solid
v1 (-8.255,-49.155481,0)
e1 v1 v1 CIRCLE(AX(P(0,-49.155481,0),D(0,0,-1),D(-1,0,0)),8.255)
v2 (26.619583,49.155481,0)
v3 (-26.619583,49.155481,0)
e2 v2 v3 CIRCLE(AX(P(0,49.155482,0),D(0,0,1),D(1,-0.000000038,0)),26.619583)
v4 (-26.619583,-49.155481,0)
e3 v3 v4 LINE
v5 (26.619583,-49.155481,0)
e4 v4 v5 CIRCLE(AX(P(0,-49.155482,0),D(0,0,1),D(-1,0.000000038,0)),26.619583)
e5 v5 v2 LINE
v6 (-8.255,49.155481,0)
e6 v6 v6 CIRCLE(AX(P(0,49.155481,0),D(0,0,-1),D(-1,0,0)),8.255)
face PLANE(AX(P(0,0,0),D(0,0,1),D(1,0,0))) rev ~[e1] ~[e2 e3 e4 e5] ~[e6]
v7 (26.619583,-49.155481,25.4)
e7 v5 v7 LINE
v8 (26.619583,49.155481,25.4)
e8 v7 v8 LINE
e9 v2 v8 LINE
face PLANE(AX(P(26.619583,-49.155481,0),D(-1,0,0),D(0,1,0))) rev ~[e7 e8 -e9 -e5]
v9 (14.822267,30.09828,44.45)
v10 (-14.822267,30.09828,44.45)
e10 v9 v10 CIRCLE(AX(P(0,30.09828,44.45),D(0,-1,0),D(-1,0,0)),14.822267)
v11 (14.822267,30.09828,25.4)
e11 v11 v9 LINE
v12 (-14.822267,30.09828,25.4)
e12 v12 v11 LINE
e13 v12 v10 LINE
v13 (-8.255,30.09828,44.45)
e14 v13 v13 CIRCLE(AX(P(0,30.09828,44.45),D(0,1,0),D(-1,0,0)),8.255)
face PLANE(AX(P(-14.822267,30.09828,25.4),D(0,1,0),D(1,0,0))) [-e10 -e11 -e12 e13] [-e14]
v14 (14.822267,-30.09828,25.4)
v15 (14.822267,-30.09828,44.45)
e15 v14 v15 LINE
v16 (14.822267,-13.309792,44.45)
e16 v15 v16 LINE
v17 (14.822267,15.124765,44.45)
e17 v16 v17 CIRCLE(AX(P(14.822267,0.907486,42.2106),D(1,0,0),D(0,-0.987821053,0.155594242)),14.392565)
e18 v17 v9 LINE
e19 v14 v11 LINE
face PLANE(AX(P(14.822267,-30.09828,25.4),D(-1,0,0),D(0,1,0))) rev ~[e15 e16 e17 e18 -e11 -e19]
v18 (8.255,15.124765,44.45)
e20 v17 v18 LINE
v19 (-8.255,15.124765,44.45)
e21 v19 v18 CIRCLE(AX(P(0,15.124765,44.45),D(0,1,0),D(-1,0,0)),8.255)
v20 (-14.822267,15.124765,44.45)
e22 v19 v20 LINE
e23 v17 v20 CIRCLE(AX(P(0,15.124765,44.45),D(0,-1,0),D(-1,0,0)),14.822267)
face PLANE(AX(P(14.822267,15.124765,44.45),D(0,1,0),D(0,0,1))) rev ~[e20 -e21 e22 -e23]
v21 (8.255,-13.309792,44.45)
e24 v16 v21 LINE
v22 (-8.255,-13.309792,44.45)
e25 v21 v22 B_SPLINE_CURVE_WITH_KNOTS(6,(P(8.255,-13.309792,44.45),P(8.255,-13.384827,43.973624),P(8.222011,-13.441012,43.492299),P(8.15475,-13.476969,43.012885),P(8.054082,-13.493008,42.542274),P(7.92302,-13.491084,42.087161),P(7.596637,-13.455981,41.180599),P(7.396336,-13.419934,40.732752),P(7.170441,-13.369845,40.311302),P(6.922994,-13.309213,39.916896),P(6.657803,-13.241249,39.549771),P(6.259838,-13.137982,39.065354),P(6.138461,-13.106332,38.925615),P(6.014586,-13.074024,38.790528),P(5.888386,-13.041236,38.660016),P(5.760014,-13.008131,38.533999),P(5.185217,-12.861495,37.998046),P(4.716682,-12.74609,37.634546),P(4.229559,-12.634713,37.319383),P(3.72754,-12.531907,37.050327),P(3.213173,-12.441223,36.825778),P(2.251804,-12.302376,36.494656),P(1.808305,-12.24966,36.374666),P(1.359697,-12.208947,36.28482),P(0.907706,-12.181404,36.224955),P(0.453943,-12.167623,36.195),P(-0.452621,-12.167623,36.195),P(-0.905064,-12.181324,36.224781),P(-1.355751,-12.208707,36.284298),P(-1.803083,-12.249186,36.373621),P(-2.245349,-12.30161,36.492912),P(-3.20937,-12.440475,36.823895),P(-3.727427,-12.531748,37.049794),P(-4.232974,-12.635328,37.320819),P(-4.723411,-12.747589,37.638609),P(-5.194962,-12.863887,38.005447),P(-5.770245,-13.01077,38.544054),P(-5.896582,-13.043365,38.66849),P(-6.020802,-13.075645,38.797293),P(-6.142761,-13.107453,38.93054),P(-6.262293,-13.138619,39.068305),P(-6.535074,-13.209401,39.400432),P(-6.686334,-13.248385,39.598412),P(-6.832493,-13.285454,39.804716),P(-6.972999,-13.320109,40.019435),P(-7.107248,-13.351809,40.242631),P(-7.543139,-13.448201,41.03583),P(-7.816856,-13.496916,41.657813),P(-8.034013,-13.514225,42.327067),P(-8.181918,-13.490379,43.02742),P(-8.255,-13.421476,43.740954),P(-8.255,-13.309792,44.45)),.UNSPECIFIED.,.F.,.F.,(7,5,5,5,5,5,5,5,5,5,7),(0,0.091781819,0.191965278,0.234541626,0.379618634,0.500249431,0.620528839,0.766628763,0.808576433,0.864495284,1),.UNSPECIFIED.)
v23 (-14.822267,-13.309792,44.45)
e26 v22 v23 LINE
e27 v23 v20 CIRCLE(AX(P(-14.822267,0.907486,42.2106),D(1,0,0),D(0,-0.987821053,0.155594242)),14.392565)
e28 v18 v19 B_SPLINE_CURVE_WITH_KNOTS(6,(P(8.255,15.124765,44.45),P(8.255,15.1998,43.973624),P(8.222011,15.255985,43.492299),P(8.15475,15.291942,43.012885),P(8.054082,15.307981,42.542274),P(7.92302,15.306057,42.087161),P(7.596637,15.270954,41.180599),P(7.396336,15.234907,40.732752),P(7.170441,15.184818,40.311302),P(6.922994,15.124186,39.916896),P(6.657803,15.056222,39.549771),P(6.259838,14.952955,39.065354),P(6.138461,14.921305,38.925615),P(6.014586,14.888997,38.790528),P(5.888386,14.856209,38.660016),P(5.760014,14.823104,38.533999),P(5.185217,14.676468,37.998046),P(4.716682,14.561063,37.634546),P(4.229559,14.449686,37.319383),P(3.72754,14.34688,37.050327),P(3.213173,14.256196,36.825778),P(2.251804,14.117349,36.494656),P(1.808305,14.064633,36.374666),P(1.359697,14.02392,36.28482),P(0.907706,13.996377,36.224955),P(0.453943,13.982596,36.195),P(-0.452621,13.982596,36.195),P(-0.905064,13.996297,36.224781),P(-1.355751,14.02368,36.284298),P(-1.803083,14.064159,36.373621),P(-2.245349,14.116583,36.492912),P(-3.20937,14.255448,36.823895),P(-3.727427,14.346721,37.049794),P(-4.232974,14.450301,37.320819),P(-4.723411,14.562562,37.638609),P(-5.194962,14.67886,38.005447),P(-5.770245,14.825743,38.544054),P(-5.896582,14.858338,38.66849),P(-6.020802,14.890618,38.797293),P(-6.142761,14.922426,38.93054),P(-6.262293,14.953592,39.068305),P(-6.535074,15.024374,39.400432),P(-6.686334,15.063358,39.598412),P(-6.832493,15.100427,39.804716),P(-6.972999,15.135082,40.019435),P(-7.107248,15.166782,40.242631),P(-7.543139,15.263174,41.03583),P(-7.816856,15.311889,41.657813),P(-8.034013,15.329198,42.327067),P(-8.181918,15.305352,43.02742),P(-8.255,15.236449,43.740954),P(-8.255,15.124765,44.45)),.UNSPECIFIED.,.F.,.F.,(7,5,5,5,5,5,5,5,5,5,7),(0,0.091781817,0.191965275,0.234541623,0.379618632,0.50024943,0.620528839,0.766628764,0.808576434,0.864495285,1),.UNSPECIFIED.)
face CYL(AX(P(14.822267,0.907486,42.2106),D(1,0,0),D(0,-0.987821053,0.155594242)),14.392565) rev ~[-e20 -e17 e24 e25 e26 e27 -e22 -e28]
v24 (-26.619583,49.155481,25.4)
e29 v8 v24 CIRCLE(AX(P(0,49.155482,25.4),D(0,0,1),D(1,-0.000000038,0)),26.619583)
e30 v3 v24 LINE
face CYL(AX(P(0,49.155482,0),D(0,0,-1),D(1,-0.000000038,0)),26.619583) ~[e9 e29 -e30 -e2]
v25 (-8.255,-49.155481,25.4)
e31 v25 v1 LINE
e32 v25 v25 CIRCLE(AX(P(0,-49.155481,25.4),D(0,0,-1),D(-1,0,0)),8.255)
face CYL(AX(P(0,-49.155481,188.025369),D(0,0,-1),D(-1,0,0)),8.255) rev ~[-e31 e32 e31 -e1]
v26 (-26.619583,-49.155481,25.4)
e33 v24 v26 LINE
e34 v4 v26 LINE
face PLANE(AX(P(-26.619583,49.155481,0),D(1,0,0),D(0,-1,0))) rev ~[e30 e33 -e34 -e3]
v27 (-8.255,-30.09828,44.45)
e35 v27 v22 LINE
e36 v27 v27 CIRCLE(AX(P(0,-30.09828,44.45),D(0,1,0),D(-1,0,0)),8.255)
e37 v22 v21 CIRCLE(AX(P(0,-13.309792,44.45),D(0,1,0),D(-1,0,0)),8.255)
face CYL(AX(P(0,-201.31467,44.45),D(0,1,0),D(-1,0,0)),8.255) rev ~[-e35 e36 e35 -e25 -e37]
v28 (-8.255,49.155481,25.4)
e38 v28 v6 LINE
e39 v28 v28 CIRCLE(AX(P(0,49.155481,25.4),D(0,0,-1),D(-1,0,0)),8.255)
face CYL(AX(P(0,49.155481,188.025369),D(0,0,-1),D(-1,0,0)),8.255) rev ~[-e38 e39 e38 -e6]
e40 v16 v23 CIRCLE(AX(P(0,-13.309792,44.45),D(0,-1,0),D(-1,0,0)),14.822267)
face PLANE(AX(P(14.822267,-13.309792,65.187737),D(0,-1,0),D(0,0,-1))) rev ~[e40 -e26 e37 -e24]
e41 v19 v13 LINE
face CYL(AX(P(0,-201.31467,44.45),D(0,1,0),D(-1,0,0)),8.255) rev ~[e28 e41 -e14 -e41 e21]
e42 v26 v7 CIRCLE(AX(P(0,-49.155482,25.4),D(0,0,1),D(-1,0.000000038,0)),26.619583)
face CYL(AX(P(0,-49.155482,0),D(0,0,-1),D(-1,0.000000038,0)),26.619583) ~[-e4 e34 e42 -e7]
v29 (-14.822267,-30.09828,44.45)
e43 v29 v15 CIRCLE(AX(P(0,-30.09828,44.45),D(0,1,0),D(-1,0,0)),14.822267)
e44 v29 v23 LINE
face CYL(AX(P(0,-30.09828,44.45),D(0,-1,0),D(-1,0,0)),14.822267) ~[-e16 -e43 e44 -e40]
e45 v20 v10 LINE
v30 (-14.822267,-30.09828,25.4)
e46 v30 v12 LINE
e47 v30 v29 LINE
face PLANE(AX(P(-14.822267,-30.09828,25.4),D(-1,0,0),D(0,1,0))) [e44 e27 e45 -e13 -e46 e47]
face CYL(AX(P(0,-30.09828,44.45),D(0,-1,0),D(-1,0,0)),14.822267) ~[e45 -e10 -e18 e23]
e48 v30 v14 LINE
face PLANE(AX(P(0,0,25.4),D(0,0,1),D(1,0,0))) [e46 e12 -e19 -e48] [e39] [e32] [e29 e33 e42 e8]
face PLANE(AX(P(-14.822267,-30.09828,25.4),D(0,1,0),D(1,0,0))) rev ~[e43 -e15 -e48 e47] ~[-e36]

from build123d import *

# Parameters (mm, degrees)
F1_DEPTH  = 25.4
F3_D      = 16.51
F4_W      = 29.644534
F4_H      = 60.19656
F5_DEPTH  = 38.1
F7_DEPTH  = 67.056
F9_D      = 16.51
F11_DEPTH = 41.44285


with BuildPart() as f1:
    # F0 (on Top) → F1 (new body)
    with BuildSketch(Plane.XY):
        with BuildLine():
            Line((26.619583, -49.155481), (26.619583, 49.155481))
            ThreePointArc((26.619583, 49.155481), (0, 75.775065), (-26.619583, 49.155481))
            Line((-26.619583, 49.155481), (-26.619583, -49.155481))
            ThreePointArc((-26.619583, -49.155481), (0, -75.775065), (26.619583, -49.155481))
        make_face()
    extrude(amount=F1_DEPTH)

    # F3 (through all)
    with Locations(Plane.XY.offset(25.4)):
        with Locations((0, 49.155481), (0, -49.155481)):
            Hole(F3_D / 2)

    # F4 (on face) → F5 (join)
    with BuildSketch(Plane.XY.offset(25.4)):
        Rectangle(F4_W, F4_H)
    extrude(amount=F5_DEPTH)

    # F6 (on face) → F7 (cut)
    with BuildSketch(Plane.XZ.offset(30.09828)):
        with BuildLine():
            Line((14.822267, 44.45), (14.822267, 63.5))
            Line((14.822267, 63.5), (-14.822267, 63.5))
            Line((-14.822267, 63.5), (-14.822267, 44.45))
            ThreePointArc((-14.822267, 44.45), (0, 59.272267), (14.822267, 44.45))
        make_face()
    extrude(amount=-F7_DEPTH, mode=Mode.SUBTRACT)

    # F9 (through all)
    with Locations(Plane.XZ.offset(30.09828)):
        with Locations((0, 44.45)):
            Hole(F9_D / 2)

    # F10 (on face) → F11 (cut, through all)
    with BuildSketch(Plane.YZ.offset(14.822267)):
        with BuildLine():
            Line((-13.309792, 65.187737), (-13.309792, 44.45))
            ThreePointArc((-13.309792, 44.45), (0.907487, 27.818035), (15.124765, 44.45))
            Line((15.124765, 44.45), (15.124765, 65.187737))
            Line((15.124765, 65.187737), (-13.309792, 65.187737))
        make_face()
    extrude(amount=-F11_DEPTH, mode=Mode.SUBTRACT)


solid = f1.part
